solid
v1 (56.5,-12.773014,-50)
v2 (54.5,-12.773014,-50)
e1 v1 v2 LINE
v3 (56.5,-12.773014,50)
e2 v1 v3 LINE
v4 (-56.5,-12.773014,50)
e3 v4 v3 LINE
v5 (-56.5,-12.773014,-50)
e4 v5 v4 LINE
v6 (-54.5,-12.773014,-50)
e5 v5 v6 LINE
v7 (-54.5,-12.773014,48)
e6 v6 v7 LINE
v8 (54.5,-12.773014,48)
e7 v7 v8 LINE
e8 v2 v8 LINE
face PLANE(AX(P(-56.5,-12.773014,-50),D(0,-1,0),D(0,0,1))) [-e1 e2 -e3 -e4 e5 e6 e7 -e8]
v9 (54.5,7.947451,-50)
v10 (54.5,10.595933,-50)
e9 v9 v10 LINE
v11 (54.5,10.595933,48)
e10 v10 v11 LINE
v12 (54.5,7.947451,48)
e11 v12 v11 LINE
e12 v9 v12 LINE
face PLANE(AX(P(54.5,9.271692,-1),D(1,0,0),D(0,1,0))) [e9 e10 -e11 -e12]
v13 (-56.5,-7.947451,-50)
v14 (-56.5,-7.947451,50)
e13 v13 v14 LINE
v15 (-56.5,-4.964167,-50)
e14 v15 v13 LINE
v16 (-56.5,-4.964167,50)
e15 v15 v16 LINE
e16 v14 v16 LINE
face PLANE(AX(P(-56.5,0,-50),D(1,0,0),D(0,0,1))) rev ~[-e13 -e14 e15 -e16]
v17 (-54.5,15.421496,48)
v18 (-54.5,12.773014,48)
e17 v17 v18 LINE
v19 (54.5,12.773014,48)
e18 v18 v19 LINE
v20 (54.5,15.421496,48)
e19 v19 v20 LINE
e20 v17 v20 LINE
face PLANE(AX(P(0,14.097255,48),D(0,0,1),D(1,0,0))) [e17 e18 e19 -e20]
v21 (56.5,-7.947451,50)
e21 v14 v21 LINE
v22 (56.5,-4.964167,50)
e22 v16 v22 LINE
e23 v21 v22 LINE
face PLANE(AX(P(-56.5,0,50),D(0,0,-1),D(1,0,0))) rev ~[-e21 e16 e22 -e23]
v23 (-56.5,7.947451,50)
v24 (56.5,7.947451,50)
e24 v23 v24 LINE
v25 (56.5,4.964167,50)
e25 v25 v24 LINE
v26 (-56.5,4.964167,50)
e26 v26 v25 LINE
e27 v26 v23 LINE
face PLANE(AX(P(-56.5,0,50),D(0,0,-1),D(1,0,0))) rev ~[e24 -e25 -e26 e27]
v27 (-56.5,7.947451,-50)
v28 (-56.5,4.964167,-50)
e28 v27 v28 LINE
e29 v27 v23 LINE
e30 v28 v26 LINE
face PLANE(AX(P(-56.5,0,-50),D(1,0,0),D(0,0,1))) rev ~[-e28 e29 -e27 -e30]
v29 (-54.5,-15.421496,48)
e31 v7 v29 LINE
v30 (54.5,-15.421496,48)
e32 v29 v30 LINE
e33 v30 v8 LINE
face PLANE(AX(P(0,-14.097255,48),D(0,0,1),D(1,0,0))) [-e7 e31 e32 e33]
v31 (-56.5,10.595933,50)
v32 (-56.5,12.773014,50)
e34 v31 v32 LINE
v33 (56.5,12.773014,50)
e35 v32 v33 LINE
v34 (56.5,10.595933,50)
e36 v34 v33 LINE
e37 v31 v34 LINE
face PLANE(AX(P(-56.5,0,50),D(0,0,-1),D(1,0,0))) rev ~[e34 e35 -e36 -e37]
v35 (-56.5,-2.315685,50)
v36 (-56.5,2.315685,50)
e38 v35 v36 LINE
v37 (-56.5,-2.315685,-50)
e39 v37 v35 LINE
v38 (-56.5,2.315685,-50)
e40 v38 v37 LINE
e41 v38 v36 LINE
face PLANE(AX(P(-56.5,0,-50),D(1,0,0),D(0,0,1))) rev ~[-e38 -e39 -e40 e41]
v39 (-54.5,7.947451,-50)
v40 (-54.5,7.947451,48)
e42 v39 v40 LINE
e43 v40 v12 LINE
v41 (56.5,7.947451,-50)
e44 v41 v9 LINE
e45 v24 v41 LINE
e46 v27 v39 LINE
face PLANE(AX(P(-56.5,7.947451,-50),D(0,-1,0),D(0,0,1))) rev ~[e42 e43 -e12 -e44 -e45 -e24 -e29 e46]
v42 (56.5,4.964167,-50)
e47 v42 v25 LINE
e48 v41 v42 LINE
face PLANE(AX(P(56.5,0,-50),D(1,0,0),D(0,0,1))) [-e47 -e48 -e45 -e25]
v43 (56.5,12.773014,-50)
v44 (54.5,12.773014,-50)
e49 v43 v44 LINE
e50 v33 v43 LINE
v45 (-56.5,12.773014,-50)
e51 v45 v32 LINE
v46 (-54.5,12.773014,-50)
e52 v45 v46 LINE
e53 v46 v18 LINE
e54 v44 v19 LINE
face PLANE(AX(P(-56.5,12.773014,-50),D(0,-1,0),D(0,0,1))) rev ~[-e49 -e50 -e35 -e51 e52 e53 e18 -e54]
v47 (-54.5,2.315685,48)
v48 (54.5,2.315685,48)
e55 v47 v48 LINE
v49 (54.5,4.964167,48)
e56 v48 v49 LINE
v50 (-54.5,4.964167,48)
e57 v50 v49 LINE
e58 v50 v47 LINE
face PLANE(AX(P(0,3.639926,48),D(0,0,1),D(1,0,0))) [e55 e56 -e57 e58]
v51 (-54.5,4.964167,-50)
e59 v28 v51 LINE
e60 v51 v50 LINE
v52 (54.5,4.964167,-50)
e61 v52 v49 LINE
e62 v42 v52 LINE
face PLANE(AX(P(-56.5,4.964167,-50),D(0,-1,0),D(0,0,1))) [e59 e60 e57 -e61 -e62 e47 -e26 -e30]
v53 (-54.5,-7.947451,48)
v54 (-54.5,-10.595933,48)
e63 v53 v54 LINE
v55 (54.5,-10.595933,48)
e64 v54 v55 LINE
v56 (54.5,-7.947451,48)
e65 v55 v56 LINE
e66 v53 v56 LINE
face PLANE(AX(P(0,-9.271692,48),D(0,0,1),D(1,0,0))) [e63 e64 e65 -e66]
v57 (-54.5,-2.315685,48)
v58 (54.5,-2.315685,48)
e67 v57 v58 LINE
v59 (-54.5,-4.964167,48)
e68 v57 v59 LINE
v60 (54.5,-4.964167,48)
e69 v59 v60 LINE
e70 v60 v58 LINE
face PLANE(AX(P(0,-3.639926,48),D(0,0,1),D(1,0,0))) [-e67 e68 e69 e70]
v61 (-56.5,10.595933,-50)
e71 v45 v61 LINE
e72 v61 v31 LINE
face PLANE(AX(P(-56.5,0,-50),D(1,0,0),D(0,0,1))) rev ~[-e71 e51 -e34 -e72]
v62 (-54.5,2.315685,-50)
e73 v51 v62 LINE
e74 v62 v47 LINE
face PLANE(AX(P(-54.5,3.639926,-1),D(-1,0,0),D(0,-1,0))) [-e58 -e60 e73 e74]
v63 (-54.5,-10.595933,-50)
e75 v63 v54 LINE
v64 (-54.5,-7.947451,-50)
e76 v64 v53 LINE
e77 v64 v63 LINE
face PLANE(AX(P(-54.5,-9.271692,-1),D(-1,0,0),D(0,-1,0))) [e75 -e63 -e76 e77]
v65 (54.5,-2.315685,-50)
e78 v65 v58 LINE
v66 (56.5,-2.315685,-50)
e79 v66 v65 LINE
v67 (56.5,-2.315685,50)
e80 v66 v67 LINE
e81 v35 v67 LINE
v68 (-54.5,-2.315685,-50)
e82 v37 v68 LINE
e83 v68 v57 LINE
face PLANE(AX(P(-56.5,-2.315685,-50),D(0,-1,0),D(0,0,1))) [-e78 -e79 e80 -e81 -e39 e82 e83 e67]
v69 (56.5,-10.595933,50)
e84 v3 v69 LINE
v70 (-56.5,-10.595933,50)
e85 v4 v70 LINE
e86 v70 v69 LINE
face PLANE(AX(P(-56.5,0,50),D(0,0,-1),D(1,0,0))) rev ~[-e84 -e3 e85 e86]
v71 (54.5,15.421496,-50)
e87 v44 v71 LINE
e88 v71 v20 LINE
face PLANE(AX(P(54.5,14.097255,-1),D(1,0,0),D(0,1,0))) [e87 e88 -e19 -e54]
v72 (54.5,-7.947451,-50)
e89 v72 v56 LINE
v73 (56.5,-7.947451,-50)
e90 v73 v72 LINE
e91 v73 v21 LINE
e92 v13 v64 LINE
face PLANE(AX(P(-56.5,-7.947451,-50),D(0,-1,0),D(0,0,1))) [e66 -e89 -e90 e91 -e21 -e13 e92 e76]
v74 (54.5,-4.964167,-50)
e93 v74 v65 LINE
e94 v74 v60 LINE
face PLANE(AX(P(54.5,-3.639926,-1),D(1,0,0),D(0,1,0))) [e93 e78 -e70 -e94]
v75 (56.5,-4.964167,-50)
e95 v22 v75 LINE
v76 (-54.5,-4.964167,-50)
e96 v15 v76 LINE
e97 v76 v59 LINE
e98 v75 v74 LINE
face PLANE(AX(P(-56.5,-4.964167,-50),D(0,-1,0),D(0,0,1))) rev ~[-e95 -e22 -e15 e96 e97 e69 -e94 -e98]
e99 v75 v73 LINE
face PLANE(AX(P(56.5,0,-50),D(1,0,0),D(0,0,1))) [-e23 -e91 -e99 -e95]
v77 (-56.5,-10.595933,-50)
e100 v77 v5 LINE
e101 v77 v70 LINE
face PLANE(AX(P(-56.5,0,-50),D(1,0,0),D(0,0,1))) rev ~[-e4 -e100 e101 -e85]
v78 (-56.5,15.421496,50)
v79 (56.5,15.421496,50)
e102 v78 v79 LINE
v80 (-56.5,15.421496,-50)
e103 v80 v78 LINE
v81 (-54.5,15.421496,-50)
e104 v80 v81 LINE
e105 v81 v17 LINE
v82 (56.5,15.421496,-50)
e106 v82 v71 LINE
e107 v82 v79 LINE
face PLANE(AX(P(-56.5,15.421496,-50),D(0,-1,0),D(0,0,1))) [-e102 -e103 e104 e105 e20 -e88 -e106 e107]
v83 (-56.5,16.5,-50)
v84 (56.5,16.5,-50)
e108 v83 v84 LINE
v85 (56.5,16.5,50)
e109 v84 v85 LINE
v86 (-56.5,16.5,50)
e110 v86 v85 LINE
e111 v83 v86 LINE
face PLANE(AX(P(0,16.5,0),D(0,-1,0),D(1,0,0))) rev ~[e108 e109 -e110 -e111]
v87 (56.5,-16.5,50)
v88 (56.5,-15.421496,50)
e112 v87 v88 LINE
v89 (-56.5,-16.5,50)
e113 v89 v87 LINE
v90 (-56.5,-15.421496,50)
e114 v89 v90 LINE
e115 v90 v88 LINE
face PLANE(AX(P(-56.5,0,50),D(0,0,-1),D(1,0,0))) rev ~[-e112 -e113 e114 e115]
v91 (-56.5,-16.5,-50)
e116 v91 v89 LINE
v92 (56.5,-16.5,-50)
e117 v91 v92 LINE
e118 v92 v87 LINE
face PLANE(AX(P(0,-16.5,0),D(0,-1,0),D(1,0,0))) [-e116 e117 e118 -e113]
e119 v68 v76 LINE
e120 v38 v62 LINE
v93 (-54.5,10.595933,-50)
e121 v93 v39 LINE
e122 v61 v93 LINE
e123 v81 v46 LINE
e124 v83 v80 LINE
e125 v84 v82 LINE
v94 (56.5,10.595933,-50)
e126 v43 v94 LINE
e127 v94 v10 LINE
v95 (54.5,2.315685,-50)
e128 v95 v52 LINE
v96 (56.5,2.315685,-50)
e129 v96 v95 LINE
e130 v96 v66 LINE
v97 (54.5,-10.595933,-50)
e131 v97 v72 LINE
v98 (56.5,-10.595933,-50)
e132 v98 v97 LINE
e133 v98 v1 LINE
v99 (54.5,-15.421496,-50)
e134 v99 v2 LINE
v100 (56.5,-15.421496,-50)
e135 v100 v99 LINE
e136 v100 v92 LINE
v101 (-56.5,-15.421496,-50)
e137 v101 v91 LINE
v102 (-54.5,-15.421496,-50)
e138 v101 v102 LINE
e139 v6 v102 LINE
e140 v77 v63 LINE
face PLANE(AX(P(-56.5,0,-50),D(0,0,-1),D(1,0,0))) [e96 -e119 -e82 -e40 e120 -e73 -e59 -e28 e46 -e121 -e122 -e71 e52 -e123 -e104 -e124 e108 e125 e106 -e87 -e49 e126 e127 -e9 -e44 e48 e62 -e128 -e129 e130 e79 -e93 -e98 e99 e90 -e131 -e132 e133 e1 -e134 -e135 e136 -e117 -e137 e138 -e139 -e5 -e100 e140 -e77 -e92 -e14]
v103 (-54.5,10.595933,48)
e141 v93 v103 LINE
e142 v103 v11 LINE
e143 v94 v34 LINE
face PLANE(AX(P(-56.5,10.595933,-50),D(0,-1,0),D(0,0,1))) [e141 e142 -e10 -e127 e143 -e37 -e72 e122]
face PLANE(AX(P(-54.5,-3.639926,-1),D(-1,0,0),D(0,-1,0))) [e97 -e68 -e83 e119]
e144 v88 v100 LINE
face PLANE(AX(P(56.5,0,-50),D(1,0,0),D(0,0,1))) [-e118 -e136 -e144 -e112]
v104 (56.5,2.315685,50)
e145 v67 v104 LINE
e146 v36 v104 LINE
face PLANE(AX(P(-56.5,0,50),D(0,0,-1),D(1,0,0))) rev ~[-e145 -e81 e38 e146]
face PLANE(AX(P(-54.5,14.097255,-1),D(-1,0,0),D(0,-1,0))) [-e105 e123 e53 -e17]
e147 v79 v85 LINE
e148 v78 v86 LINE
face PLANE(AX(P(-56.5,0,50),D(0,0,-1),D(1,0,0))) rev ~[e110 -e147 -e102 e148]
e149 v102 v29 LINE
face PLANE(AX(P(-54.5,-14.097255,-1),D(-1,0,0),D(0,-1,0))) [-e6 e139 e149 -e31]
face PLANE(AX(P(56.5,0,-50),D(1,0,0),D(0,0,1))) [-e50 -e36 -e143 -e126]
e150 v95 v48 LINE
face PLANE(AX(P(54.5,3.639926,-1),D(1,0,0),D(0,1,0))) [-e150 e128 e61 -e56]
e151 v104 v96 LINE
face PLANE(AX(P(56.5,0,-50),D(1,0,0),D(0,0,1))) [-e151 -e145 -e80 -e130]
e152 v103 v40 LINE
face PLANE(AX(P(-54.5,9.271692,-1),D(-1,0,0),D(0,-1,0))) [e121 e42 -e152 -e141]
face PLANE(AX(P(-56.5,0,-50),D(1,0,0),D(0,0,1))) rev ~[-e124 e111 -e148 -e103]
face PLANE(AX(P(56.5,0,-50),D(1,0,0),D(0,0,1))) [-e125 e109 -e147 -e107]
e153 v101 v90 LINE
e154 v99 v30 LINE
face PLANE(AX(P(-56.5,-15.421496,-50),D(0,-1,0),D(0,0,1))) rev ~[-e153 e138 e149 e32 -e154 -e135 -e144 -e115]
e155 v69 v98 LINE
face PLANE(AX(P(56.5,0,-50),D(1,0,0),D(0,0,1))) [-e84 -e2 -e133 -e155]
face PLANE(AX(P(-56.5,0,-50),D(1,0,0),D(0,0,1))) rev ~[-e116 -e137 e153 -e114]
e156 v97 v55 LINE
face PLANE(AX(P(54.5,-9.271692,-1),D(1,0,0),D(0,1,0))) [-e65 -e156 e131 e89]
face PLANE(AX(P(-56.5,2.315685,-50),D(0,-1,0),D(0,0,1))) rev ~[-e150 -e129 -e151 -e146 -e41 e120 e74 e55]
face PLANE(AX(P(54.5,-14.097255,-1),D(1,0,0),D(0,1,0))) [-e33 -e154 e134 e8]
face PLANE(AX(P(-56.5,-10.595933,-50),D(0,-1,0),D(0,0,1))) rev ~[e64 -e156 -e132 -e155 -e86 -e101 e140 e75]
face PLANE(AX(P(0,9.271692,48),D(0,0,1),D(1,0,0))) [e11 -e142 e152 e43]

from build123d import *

# Parameters (mm, degrees)
F0_W     = 113
F0_H     = 100
F1_DEPTH = 16.5
F2_W     = 113
F2_H     = 2.648482
F3_DEPTH = 2
F4_W     = 2.648482
F4_H     = 98
F5_DEPTH = 2
F6_W     = 2.648482
F6_H     = 98
F7_DEPTH = 2


with BuildPart() as f1:
    # F0 (on Front) → F1 (new body, symmetric)
    with BuildSketch(Plane.XZ):
        Rectangle(F0_W, F0_H)
    extrude(amount=F1_DEPTH, both=True)

    # F2 (on face) → F3 (cut)
    with BuildSketch(Plane.XY.offset(50)):
        with Locations((0, -14.097255)):
            Rectangle(F2_W, F2_H)
        with Locations((0, 14.097255)):
            Rectangle(F2_W, F2_H)
        with Locations((0, -9.271692)):
            Rectangle(F2_W, F2_H)
        with Locations((0, -3.639926)):
            Rectangle(F2_W, F2_H)
        with Locations((0, 3.639926)):
            Rectangle(F2_W, F2_H)
        with Locations((0, 9.271692)):
            Rectangle(F2_W, F2_H)
    extrude(amount=-F3_DEPTH, mode=Mode.SUBTRACT)

    # F4 (on face) → F5 (cut)
    with BuildSketch(Plane.YZ.offset(56.5)):
        with Locations((14.097255, -1)):
            Rectangle(F4_W, F4_H)
        with Locations((9.271692, -1)):
            Rectangle(F4_W, F4_H)
        with Locations((3.639926, -1)):
            Rectangle(F4_W, F4_H)
        with Locations((-3.639926, -1)):
            Rectangle(F4_W, F4_H)
        with Locations((-9.271692, -1)):
            Rectangle(F4_W, F4_H)
        with Locations((-14.097255, -1)):
            Rectangle(F4_W, F4_H)
    extrude(amount=-F5_DEPTH, mode=Mode.SUBTRACT)

    # F6 (on face) → F7 (cut)
    with BuildSketch(Plane(origin=(-56.5, 0, 0), x_dir=(0, -1, 0), z_dir=(-1, 0, 0))):
        with Locations((-14.097255, -1)):
            Rectangle(F6_W, F6_H)
        with Locations((-9.271692, -1)):
            Rectangle(F6_W, F6_H)
        with Locations((-3.639926, -1)):
            Rectangle(F6_W, F6_H)
        with Locations((3.639926, -1)):
            Rectangle(F6_W, F6_H)
        with Locations((9.271692, -1)):
            Rectangle(F6_W, F6_H)
        with Locations((14.097255, -1)):
            Rectangle(F6_W, F6_H)
    extrude(amount=-F7_DEPTH, mode=Mode.SUBTRACT)


solid = f1.part
